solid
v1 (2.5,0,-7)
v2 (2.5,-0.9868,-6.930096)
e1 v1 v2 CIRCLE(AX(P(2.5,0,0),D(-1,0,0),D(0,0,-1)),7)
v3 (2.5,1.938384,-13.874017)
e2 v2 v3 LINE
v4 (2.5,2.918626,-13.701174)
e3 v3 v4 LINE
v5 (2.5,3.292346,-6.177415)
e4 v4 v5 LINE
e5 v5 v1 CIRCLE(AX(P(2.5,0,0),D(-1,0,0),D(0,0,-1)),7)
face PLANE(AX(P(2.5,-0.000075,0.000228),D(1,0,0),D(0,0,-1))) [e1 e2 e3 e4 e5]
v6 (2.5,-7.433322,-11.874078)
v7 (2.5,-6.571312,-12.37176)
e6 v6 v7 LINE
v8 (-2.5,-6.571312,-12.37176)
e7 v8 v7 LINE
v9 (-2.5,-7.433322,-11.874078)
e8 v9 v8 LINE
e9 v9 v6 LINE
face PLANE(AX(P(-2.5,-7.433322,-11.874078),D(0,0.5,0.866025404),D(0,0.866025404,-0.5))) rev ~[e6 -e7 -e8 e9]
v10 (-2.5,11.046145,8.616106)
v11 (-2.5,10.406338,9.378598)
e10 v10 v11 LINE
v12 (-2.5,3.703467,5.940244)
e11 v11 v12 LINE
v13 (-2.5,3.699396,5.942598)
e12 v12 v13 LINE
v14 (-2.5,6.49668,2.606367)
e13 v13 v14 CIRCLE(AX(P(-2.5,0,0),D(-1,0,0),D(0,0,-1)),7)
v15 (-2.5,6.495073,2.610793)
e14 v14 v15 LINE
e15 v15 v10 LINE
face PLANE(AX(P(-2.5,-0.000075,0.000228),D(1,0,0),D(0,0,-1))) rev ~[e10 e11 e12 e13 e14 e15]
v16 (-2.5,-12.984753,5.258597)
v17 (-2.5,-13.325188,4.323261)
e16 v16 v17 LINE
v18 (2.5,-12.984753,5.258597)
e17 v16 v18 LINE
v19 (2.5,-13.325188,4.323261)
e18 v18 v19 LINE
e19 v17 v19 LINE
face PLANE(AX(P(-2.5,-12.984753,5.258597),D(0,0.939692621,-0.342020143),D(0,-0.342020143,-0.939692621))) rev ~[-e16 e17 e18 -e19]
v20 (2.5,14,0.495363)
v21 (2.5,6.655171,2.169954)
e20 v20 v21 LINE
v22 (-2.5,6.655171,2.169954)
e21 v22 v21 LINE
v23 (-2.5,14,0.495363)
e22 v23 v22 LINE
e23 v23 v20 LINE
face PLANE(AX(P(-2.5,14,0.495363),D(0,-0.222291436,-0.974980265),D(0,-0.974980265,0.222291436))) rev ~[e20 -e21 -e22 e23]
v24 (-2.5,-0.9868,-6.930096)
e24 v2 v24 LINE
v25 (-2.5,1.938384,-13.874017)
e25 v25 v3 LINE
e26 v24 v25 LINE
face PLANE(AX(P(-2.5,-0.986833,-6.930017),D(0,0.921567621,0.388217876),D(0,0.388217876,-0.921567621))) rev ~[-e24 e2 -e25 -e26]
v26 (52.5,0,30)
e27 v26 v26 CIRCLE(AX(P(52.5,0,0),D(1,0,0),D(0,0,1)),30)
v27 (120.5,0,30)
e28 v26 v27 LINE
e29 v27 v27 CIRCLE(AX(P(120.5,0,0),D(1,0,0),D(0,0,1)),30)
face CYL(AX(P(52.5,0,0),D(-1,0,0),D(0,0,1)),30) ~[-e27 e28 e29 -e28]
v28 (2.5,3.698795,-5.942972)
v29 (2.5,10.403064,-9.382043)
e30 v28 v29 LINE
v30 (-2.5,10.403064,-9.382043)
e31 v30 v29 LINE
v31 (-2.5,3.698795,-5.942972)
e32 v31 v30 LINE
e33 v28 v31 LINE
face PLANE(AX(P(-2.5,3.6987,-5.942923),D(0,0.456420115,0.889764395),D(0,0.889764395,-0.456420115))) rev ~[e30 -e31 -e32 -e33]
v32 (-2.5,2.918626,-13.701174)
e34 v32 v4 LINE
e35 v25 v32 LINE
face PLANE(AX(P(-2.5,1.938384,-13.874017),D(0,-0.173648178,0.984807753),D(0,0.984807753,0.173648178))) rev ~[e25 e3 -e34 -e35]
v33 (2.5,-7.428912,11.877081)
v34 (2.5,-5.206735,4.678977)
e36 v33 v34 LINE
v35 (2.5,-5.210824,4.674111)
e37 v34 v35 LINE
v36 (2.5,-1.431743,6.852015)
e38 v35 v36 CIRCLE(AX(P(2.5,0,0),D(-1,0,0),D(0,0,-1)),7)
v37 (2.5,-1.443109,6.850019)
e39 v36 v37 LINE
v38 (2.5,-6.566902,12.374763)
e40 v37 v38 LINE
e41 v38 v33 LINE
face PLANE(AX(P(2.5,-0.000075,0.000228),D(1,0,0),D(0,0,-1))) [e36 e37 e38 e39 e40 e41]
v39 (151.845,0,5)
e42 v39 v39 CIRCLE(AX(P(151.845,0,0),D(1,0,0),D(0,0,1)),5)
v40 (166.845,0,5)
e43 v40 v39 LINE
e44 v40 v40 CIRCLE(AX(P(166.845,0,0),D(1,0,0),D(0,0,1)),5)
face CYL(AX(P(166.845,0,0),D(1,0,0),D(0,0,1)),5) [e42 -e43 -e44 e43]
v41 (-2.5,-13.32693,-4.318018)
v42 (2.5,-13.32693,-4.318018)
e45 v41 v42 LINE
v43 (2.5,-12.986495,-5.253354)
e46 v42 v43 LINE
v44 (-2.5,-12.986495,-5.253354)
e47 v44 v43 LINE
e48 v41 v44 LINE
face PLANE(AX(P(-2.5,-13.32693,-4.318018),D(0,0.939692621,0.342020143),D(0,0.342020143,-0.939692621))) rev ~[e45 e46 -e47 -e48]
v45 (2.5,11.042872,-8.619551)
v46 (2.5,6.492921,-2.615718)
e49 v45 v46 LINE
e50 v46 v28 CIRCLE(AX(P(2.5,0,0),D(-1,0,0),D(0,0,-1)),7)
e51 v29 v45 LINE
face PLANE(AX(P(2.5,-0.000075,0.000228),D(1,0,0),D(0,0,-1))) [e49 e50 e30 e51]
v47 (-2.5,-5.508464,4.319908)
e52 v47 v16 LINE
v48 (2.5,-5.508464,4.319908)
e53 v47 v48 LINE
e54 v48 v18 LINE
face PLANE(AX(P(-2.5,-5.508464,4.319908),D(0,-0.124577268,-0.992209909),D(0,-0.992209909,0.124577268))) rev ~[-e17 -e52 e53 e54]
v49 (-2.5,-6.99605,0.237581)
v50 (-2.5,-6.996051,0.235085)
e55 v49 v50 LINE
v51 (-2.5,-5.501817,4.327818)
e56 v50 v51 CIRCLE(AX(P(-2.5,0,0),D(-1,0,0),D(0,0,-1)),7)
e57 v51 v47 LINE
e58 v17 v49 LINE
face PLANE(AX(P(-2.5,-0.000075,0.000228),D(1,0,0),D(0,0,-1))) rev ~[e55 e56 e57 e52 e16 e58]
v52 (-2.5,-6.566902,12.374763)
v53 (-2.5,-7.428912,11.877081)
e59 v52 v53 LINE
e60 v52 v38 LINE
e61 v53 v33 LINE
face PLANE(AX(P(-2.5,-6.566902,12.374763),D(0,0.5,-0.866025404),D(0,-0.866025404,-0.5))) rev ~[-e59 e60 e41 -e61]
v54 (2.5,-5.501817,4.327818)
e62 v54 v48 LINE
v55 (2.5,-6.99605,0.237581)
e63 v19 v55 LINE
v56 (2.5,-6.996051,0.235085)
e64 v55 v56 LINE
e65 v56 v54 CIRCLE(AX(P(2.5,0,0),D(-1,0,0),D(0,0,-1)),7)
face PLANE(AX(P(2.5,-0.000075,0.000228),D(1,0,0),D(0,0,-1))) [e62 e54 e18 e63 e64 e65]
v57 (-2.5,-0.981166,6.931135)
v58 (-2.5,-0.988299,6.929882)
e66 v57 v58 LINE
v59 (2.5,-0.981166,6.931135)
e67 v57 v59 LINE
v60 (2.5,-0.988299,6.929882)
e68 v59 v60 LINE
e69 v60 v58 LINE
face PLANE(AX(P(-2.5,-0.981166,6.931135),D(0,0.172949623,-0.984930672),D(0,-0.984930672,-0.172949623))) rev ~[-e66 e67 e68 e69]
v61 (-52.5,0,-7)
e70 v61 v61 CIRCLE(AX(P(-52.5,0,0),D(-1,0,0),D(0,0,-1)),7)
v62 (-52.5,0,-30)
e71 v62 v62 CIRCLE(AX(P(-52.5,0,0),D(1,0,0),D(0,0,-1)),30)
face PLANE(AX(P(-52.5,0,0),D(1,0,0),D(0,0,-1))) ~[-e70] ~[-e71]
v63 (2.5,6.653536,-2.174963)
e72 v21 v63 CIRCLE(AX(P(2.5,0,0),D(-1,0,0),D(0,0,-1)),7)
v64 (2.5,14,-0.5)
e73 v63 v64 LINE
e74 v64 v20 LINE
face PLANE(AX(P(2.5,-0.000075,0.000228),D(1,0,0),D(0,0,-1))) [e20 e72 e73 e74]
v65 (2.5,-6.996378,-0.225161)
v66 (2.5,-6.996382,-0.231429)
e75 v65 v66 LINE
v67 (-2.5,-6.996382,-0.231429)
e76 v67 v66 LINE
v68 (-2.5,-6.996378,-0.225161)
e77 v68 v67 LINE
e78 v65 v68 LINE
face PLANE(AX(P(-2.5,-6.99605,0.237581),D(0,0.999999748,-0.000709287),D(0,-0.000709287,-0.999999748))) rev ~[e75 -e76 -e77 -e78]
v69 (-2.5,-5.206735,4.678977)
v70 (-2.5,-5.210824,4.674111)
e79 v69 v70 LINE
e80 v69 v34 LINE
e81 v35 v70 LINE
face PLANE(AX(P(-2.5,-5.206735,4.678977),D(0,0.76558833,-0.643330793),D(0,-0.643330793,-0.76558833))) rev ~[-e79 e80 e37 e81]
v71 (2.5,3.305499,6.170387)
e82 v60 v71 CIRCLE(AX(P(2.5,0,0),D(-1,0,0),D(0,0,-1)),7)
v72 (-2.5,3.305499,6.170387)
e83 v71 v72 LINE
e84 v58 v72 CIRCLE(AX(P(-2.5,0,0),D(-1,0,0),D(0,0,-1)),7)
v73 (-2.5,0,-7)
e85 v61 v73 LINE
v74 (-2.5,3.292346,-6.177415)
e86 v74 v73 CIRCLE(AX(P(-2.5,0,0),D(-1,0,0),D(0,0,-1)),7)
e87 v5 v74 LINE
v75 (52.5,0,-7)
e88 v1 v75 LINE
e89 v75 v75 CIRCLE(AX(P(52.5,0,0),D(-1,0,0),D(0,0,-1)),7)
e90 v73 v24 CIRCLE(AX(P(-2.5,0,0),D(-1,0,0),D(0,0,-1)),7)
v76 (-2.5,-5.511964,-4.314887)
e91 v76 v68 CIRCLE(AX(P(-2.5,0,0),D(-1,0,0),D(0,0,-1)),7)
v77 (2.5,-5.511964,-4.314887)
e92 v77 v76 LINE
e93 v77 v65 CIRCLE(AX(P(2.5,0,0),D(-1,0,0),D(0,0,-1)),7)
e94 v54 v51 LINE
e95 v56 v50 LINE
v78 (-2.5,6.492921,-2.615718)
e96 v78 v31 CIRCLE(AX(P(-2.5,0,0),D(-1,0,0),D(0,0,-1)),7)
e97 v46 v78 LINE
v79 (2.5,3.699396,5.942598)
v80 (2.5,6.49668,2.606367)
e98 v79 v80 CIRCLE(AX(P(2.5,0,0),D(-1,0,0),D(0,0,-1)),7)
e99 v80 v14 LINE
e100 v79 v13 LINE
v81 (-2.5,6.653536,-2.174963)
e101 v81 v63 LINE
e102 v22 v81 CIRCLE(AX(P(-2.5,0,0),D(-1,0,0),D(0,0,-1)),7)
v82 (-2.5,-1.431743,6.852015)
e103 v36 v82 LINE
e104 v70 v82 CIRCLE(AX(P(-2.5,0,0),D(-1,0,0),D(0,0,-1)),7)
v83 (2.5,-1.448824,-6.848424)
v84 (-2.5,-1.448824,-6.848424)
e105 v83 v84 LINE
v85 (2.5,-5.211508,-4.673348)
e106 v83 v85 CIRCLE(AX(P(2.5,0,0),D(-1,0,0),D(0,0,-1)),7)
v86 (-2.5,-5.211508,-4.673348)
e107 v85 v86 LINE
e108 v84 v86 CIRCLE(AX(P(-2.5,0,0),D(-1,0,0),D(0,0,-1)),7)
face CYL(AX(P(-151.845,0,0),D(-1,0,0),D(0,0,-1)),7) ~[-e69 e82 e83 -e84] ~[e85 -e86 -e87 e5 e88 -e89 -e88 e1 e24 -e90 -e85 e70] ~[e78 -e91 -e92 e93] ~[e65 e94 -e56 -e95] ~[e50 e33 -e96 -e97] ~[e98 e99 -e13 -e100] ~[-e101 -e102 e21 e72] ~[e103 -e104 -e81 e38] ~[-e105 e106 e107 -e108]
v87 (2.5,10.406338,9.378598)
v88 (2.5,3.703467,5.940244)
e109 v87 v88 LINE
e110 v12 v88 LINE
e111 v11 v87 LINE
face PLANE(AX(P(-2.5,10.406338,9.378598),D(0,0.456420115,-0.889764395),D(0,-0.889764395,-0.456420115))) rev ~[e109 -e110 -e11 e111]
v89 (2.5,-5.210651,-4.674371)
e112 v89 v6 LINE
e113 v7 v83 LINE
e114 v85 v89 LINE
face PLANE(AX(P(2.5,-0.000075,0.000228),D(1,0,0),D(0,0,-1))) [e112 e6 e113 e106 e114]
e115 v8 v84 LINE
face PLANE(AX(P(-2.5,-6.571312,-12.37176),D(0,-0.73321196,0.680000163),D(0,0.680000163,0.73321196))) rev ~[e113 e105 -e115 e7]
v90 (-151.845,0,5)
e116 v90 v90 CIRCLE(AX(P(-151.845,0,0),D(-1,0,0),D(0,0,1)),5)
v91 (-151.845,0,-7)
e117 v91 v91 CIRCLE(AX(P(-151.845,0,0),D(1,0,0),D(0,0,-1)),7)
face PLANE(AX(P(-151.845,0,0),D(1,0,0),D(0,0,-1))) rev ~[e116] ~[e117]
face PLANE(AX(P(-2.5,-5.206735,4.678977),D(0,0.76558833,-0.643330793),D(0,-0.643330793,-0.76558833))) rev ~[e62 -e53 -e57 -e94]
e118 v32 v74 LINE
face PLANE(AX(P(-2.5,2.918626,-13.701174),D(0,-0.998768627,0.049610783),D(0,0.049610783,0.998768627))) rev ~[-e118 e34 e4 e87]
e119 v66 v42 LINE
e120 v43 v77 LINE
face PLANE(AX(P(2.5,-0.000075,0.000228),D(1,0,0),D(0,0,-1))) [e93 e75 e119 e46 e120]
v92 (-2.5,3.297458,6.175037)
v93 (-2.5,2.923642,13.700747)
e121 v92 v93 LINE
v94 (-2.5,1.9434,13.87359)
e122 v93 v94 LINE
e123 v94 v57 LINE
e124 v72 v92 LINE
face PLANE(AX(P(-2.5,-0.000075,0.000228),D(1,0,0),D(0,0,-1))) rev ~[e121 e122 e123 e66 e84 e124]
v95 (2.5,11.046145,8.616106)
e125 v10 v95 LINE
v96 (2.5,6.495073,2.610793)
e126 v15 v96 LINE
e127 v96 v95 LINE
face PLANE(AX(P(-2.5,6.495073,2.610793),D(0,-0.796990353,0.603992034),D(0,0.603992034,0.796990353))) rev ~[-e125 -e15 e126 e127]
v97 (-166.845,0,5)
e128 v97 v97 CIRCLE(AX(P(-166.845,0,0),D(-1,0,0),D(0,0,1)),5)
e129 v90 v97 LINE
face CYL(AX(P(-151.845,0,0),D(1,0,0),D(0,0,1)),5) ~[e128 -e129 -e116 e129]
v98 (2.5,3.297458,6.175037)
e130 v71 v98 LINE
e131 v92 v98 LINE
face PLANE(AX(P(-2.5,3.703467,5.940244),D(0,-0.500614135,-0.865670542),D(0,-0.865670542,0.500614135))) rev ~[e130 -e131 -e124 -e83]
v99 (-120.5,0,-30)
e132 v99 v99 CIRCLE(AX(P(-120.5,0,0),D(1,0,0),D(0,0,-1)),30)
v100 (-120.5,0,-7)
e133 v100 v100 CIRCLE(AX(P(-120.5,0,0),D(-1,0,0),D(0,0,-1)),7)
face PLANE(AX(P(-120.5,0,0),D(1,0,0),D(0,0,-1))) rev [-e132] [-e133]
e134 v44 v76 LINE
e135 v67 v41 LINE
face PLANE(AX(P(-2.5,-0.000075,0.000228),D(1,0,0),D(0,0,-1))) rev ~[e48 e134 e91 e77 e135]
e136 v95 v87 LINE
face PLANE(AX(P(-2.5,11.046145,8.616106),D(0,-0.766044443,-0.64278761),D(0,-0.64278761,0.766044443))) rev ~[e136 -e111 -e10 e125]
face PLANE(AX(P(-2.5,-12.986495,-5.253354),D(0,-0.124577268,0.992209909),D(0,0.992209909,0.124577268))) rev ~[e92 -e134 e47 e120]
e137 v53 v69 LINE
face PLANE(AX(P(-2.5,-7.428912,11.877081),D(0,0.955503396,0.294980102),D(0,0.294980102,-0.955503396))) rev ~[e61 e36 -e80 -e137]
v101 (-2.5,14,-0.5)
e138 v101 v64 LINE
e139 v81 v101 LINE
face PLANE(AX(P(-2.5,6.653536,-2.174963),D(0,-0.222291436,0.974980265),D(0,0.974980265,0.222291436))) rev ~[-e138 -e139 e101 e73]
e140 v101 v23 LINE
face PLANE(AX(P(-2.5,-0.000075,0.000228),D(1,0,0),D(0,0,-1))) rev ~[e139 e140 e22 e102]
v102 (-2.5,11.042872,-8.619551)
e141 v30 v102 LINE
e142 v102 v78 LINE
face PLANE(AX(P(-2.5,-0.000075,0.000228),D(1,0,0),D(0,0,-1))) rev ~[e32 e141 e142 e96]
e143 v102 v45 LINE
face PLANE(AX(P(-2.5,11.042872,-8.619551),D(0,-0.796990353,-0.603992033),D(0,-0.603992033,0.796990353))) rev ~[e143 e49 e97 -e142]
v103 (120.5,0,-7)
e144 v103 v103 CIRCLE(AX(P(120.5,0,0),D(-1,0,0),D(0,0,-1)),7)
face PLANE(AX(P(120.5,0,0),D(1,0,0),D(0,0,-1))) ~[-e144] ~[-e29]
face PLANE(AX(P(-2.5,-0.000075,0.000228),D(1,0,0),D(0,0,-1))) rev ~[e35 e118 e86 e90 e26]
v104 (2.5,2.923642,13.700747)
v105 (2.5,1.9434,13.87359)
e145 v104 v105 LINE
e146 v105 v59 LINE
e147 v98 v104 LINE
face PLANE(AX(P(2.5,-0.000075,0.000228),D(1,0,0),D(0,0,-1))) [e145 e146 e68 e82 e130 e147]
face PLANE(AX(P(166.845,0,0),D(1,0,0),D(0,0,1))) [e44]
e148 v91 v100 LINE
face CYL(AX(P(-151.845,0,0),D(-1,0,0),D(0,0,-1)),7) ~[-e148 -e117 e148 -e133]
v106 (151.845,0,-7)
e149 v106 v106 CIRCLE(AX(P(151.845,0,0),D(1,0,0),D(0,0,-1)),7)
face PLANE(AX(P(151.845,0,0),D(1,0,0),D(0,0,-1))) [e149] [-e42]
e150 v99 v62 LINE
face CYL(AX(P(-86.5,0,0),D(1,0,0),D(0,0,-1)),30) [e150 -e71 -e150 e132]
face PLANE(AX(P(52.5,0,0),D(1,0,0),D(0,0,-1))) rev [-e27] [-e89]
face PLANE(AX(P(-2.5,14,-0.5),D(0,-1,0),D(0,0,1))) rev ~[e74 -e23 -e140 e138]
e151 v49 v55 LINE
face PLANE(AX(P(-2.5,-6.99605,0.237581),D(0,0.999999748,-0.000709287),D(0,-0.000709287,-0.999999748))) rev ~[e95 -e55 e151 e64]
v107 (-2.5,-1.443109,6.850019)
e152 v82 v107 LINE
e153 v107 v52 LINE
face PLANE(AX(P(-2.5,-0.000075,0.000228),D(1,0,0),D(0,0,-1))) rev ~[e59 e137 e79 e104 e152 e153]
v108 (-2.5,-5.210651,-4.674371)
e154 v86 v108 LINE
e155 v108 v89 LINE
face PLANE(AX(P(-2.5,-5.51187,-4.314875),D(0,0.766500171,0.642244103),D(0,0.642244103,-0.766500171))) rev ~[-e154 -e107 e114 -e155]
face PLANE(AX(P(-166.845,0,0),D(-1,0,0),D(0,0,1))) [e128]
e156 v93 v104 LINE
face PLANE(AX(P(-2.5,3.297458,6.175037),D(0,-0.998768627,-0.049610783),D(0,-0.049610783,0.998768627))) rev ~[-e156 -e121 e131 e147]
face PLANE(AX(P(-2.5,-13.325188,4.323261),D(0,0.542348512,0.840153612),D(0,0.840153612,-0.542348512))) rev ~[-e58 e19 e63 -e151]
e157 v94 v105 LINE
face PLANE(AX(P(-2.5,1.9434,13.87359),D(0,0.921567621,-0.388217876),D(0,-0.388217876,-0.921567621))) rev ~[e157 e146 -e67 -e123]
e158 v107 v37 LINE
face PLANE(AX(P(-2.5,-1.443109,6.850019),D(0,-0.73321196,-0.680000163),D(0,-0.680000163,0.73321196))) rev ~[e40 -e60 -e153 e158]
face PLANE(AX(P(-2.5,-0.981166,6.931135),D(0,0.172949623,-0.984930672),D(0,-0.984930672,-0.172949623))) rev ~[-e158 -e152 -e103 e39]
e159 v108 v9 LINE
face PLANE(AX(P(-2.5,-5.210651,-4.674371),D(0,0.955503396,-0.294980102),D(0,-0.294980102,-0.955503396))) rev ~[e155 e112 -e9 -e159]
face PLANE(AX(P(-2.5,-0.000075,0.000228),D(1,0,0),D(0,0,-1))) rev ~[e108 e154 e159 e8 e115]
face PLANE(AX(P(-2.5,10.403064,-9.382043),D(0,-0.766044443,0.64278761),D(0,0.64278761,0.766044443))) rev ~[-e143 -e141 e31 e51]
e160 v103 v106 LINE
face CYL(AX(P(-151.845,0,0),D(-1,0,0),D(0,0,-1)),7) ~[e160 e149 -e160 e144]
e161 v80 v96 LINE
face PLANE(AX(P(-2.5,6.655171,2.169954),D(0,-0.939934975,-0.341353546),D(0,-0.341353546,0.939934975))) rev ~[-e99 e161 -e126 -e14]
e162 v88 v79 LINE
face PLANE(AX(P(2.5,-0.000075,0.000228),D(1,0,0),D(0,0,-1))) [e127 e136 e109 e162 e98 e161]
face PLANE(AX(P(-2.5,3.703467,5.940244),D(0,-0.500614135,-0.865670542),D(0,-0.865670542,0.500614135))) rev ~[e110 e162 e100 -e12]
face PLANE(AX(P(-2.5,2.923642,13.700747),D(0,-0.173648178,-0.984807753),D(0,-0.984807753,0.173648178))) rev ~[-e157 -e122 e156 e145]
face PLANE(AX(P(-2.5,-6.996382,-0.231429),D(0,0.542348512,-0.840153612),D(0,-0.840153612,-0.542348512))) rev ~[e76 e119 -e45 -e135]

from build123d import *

# Parameters (mm, degrees)
BOSS_EXTRU_2_DEPTH      = 151.845
BOSS_EXTRU_2_DEPTH_BACK = 151.845
ESQUISSE1_R             = 7
ESQUISSE3_W             = 68
ESQUISSE3_H             = 30
ESQUISSE3_H_2           = 35
ESQUISSE4_R             = 5
BOSS_EXTRU_3_DEPTH      = 15
BOSS_EXTRU_4_START      = 15
ESQUISSE5_R             = 5
BOSS_EXTRU_4_DEPTH      = 15
BOSS_EXTRU_6_DEPTH      = 2.5
BOSS_EXTRU_6_DEPTH_BACK = 2.5
ENL_V_START             = -68
ESQUISSE11_R            = 35
ESQUISSE11_R_2          = 30
ENL_V_MAT_EXTRU_1_DEPTH = 68


with BuildPart() as part:
    # Esquisse1 → Boss.-Extru.2 (new, two sides: drawn at the far end of the back side and taken through both)
    with BuildSketch(Plane(origin=(0, 0, 0), x_dir=(0, 0, -1), z_dir=(1, 0, 0)).offset(-BOSS_EXTRU_2_DEPTH_BACK)):
        Circle(ESQUISSE1_R)
    extrude(amount=BOSS_EXTRU_2_DEPTH + BOSS_EXTRU_2_DEPTH_BACK)

    # Esquisse3 → Révolution2 (revolve)
    with BuildSketch(Plane.XY, mode=Mode.PRIVATE) as r_volution2_sk:
        with Locations((-86.5, 15)):
            Rectangle(ESQUISSE3_W, ESQUISSE3_H)
        with Locations((86.5, 17.5)):
            Rectangle(ESQUISSE3_W, ESQUISSE3_H_2)
    revolve(r_volution2_sk.sketch.rotate(Axis((-120.5, 0, 0), (1, 0, 0)), 270), axis=Axis((-120.5, 0, 0), (1, 0, 0)))

    # Esquisse4 → Boss.-Extru.3 (add)
    with BuildSketch(Plane.ZY.offset(151.845)):
        Circle(ESQUISSE4_R)
    extrude(amount=BOSS_EXTRU_3_DEPTH)

    # Esquisse5 → Boss.-Extru.4 (add)
    with BuildSketch(Plane(origin=(151.845, 0, 0), x_dir=(0, 0, -1), z_dir=(1, 0, 0)).offset(BOSS_EXTRU_4_START)):
        with Locations(Location((0, 0, 0), (0, 0, 180))):
            Circle(ESQUISSE5_R)
    extrude(amount=-BOSS_EXTRU_4_DEPTH)

    # Esquisse6 → Boss.-Extru.6 (add, two sides: drawn at the far end of the back side and taken through both)
    with BuildSketch(Plane(origin=(0, 0, 0), x_dir=(0, 0, -1), z_dir=(1, 0, 0)).offset(-BOSS_EXTRU_6_DEPTH_BACK)):
        Polygon((-0.495363477, 14), (-2.169953885, 6.655170932), (-2.610793017, 6.495072622), (-8.616105681, 11.046145282), (-9.378598341, 10.406337972), (-5.940243898, 3.703466513), (-6.175037056, 3.29745816), (-13.700746567, 2.923641509), (-13.873589621, 1.94339984), (-6.931134583, -0.98116596), (-6.850019438, -1.443108535), (-12.374762678, -6.566901532), (-11.87708094, -7.428911588), (-4.678977177, -5.206734889), (-4.319908407, -5.508463622), (-5.258596613, -12.984753276), (-4.323260899, -13.325187635), (-0.237581159, -6.99604961), (0.231428968, -6.996382273), (4.31801844, -13.326929566), (5.253354154, -12.986495207), (4.314874913, -5.51186988), (4.674371346, -5.210650816), (11.874077864, -7.433322313), (12.371759603, -6.571312256), (6.848246248, -1.448659888), (6.93001661, -0.986832845), (13.87401748, 1.938384149), (13.701174426, 2.918625818), (6.177140243, 3.292359253), (5.942923274, 3.698700268), (9.382043313, 10.403064212), (8.619550653, 11.042871522), (2.615574856, 6.492811995), (2.174963279, 6.653535506), (0.5, 14), align=None)
    extrude(amount=BOSS_EXTRU_6_DEPTH + BOSS_EXTRU_6_DEPTH_BACK)

    # Esquisse11 → Enlèv. mat.-Extru.1 (cut)
    with BuildSketch(Plane(origin=(120.5, 0, 0), x_dir=(0, 0, -1), z_dir=(1, 0, 0)).offset(ENL_V_START)):
        Circle(ESQUISSE11_R)
        with Locations(Location((0, 0, 0), (0, 0, 180))):
            Circle(ESQUISSE11_R_2, mode=Mode.SUBTRACT)
    extrude(amount=ENL_V_MAT_EXTRU_1_DEPTH, mode=Mode.SUBTRACT)


solid = part.part
